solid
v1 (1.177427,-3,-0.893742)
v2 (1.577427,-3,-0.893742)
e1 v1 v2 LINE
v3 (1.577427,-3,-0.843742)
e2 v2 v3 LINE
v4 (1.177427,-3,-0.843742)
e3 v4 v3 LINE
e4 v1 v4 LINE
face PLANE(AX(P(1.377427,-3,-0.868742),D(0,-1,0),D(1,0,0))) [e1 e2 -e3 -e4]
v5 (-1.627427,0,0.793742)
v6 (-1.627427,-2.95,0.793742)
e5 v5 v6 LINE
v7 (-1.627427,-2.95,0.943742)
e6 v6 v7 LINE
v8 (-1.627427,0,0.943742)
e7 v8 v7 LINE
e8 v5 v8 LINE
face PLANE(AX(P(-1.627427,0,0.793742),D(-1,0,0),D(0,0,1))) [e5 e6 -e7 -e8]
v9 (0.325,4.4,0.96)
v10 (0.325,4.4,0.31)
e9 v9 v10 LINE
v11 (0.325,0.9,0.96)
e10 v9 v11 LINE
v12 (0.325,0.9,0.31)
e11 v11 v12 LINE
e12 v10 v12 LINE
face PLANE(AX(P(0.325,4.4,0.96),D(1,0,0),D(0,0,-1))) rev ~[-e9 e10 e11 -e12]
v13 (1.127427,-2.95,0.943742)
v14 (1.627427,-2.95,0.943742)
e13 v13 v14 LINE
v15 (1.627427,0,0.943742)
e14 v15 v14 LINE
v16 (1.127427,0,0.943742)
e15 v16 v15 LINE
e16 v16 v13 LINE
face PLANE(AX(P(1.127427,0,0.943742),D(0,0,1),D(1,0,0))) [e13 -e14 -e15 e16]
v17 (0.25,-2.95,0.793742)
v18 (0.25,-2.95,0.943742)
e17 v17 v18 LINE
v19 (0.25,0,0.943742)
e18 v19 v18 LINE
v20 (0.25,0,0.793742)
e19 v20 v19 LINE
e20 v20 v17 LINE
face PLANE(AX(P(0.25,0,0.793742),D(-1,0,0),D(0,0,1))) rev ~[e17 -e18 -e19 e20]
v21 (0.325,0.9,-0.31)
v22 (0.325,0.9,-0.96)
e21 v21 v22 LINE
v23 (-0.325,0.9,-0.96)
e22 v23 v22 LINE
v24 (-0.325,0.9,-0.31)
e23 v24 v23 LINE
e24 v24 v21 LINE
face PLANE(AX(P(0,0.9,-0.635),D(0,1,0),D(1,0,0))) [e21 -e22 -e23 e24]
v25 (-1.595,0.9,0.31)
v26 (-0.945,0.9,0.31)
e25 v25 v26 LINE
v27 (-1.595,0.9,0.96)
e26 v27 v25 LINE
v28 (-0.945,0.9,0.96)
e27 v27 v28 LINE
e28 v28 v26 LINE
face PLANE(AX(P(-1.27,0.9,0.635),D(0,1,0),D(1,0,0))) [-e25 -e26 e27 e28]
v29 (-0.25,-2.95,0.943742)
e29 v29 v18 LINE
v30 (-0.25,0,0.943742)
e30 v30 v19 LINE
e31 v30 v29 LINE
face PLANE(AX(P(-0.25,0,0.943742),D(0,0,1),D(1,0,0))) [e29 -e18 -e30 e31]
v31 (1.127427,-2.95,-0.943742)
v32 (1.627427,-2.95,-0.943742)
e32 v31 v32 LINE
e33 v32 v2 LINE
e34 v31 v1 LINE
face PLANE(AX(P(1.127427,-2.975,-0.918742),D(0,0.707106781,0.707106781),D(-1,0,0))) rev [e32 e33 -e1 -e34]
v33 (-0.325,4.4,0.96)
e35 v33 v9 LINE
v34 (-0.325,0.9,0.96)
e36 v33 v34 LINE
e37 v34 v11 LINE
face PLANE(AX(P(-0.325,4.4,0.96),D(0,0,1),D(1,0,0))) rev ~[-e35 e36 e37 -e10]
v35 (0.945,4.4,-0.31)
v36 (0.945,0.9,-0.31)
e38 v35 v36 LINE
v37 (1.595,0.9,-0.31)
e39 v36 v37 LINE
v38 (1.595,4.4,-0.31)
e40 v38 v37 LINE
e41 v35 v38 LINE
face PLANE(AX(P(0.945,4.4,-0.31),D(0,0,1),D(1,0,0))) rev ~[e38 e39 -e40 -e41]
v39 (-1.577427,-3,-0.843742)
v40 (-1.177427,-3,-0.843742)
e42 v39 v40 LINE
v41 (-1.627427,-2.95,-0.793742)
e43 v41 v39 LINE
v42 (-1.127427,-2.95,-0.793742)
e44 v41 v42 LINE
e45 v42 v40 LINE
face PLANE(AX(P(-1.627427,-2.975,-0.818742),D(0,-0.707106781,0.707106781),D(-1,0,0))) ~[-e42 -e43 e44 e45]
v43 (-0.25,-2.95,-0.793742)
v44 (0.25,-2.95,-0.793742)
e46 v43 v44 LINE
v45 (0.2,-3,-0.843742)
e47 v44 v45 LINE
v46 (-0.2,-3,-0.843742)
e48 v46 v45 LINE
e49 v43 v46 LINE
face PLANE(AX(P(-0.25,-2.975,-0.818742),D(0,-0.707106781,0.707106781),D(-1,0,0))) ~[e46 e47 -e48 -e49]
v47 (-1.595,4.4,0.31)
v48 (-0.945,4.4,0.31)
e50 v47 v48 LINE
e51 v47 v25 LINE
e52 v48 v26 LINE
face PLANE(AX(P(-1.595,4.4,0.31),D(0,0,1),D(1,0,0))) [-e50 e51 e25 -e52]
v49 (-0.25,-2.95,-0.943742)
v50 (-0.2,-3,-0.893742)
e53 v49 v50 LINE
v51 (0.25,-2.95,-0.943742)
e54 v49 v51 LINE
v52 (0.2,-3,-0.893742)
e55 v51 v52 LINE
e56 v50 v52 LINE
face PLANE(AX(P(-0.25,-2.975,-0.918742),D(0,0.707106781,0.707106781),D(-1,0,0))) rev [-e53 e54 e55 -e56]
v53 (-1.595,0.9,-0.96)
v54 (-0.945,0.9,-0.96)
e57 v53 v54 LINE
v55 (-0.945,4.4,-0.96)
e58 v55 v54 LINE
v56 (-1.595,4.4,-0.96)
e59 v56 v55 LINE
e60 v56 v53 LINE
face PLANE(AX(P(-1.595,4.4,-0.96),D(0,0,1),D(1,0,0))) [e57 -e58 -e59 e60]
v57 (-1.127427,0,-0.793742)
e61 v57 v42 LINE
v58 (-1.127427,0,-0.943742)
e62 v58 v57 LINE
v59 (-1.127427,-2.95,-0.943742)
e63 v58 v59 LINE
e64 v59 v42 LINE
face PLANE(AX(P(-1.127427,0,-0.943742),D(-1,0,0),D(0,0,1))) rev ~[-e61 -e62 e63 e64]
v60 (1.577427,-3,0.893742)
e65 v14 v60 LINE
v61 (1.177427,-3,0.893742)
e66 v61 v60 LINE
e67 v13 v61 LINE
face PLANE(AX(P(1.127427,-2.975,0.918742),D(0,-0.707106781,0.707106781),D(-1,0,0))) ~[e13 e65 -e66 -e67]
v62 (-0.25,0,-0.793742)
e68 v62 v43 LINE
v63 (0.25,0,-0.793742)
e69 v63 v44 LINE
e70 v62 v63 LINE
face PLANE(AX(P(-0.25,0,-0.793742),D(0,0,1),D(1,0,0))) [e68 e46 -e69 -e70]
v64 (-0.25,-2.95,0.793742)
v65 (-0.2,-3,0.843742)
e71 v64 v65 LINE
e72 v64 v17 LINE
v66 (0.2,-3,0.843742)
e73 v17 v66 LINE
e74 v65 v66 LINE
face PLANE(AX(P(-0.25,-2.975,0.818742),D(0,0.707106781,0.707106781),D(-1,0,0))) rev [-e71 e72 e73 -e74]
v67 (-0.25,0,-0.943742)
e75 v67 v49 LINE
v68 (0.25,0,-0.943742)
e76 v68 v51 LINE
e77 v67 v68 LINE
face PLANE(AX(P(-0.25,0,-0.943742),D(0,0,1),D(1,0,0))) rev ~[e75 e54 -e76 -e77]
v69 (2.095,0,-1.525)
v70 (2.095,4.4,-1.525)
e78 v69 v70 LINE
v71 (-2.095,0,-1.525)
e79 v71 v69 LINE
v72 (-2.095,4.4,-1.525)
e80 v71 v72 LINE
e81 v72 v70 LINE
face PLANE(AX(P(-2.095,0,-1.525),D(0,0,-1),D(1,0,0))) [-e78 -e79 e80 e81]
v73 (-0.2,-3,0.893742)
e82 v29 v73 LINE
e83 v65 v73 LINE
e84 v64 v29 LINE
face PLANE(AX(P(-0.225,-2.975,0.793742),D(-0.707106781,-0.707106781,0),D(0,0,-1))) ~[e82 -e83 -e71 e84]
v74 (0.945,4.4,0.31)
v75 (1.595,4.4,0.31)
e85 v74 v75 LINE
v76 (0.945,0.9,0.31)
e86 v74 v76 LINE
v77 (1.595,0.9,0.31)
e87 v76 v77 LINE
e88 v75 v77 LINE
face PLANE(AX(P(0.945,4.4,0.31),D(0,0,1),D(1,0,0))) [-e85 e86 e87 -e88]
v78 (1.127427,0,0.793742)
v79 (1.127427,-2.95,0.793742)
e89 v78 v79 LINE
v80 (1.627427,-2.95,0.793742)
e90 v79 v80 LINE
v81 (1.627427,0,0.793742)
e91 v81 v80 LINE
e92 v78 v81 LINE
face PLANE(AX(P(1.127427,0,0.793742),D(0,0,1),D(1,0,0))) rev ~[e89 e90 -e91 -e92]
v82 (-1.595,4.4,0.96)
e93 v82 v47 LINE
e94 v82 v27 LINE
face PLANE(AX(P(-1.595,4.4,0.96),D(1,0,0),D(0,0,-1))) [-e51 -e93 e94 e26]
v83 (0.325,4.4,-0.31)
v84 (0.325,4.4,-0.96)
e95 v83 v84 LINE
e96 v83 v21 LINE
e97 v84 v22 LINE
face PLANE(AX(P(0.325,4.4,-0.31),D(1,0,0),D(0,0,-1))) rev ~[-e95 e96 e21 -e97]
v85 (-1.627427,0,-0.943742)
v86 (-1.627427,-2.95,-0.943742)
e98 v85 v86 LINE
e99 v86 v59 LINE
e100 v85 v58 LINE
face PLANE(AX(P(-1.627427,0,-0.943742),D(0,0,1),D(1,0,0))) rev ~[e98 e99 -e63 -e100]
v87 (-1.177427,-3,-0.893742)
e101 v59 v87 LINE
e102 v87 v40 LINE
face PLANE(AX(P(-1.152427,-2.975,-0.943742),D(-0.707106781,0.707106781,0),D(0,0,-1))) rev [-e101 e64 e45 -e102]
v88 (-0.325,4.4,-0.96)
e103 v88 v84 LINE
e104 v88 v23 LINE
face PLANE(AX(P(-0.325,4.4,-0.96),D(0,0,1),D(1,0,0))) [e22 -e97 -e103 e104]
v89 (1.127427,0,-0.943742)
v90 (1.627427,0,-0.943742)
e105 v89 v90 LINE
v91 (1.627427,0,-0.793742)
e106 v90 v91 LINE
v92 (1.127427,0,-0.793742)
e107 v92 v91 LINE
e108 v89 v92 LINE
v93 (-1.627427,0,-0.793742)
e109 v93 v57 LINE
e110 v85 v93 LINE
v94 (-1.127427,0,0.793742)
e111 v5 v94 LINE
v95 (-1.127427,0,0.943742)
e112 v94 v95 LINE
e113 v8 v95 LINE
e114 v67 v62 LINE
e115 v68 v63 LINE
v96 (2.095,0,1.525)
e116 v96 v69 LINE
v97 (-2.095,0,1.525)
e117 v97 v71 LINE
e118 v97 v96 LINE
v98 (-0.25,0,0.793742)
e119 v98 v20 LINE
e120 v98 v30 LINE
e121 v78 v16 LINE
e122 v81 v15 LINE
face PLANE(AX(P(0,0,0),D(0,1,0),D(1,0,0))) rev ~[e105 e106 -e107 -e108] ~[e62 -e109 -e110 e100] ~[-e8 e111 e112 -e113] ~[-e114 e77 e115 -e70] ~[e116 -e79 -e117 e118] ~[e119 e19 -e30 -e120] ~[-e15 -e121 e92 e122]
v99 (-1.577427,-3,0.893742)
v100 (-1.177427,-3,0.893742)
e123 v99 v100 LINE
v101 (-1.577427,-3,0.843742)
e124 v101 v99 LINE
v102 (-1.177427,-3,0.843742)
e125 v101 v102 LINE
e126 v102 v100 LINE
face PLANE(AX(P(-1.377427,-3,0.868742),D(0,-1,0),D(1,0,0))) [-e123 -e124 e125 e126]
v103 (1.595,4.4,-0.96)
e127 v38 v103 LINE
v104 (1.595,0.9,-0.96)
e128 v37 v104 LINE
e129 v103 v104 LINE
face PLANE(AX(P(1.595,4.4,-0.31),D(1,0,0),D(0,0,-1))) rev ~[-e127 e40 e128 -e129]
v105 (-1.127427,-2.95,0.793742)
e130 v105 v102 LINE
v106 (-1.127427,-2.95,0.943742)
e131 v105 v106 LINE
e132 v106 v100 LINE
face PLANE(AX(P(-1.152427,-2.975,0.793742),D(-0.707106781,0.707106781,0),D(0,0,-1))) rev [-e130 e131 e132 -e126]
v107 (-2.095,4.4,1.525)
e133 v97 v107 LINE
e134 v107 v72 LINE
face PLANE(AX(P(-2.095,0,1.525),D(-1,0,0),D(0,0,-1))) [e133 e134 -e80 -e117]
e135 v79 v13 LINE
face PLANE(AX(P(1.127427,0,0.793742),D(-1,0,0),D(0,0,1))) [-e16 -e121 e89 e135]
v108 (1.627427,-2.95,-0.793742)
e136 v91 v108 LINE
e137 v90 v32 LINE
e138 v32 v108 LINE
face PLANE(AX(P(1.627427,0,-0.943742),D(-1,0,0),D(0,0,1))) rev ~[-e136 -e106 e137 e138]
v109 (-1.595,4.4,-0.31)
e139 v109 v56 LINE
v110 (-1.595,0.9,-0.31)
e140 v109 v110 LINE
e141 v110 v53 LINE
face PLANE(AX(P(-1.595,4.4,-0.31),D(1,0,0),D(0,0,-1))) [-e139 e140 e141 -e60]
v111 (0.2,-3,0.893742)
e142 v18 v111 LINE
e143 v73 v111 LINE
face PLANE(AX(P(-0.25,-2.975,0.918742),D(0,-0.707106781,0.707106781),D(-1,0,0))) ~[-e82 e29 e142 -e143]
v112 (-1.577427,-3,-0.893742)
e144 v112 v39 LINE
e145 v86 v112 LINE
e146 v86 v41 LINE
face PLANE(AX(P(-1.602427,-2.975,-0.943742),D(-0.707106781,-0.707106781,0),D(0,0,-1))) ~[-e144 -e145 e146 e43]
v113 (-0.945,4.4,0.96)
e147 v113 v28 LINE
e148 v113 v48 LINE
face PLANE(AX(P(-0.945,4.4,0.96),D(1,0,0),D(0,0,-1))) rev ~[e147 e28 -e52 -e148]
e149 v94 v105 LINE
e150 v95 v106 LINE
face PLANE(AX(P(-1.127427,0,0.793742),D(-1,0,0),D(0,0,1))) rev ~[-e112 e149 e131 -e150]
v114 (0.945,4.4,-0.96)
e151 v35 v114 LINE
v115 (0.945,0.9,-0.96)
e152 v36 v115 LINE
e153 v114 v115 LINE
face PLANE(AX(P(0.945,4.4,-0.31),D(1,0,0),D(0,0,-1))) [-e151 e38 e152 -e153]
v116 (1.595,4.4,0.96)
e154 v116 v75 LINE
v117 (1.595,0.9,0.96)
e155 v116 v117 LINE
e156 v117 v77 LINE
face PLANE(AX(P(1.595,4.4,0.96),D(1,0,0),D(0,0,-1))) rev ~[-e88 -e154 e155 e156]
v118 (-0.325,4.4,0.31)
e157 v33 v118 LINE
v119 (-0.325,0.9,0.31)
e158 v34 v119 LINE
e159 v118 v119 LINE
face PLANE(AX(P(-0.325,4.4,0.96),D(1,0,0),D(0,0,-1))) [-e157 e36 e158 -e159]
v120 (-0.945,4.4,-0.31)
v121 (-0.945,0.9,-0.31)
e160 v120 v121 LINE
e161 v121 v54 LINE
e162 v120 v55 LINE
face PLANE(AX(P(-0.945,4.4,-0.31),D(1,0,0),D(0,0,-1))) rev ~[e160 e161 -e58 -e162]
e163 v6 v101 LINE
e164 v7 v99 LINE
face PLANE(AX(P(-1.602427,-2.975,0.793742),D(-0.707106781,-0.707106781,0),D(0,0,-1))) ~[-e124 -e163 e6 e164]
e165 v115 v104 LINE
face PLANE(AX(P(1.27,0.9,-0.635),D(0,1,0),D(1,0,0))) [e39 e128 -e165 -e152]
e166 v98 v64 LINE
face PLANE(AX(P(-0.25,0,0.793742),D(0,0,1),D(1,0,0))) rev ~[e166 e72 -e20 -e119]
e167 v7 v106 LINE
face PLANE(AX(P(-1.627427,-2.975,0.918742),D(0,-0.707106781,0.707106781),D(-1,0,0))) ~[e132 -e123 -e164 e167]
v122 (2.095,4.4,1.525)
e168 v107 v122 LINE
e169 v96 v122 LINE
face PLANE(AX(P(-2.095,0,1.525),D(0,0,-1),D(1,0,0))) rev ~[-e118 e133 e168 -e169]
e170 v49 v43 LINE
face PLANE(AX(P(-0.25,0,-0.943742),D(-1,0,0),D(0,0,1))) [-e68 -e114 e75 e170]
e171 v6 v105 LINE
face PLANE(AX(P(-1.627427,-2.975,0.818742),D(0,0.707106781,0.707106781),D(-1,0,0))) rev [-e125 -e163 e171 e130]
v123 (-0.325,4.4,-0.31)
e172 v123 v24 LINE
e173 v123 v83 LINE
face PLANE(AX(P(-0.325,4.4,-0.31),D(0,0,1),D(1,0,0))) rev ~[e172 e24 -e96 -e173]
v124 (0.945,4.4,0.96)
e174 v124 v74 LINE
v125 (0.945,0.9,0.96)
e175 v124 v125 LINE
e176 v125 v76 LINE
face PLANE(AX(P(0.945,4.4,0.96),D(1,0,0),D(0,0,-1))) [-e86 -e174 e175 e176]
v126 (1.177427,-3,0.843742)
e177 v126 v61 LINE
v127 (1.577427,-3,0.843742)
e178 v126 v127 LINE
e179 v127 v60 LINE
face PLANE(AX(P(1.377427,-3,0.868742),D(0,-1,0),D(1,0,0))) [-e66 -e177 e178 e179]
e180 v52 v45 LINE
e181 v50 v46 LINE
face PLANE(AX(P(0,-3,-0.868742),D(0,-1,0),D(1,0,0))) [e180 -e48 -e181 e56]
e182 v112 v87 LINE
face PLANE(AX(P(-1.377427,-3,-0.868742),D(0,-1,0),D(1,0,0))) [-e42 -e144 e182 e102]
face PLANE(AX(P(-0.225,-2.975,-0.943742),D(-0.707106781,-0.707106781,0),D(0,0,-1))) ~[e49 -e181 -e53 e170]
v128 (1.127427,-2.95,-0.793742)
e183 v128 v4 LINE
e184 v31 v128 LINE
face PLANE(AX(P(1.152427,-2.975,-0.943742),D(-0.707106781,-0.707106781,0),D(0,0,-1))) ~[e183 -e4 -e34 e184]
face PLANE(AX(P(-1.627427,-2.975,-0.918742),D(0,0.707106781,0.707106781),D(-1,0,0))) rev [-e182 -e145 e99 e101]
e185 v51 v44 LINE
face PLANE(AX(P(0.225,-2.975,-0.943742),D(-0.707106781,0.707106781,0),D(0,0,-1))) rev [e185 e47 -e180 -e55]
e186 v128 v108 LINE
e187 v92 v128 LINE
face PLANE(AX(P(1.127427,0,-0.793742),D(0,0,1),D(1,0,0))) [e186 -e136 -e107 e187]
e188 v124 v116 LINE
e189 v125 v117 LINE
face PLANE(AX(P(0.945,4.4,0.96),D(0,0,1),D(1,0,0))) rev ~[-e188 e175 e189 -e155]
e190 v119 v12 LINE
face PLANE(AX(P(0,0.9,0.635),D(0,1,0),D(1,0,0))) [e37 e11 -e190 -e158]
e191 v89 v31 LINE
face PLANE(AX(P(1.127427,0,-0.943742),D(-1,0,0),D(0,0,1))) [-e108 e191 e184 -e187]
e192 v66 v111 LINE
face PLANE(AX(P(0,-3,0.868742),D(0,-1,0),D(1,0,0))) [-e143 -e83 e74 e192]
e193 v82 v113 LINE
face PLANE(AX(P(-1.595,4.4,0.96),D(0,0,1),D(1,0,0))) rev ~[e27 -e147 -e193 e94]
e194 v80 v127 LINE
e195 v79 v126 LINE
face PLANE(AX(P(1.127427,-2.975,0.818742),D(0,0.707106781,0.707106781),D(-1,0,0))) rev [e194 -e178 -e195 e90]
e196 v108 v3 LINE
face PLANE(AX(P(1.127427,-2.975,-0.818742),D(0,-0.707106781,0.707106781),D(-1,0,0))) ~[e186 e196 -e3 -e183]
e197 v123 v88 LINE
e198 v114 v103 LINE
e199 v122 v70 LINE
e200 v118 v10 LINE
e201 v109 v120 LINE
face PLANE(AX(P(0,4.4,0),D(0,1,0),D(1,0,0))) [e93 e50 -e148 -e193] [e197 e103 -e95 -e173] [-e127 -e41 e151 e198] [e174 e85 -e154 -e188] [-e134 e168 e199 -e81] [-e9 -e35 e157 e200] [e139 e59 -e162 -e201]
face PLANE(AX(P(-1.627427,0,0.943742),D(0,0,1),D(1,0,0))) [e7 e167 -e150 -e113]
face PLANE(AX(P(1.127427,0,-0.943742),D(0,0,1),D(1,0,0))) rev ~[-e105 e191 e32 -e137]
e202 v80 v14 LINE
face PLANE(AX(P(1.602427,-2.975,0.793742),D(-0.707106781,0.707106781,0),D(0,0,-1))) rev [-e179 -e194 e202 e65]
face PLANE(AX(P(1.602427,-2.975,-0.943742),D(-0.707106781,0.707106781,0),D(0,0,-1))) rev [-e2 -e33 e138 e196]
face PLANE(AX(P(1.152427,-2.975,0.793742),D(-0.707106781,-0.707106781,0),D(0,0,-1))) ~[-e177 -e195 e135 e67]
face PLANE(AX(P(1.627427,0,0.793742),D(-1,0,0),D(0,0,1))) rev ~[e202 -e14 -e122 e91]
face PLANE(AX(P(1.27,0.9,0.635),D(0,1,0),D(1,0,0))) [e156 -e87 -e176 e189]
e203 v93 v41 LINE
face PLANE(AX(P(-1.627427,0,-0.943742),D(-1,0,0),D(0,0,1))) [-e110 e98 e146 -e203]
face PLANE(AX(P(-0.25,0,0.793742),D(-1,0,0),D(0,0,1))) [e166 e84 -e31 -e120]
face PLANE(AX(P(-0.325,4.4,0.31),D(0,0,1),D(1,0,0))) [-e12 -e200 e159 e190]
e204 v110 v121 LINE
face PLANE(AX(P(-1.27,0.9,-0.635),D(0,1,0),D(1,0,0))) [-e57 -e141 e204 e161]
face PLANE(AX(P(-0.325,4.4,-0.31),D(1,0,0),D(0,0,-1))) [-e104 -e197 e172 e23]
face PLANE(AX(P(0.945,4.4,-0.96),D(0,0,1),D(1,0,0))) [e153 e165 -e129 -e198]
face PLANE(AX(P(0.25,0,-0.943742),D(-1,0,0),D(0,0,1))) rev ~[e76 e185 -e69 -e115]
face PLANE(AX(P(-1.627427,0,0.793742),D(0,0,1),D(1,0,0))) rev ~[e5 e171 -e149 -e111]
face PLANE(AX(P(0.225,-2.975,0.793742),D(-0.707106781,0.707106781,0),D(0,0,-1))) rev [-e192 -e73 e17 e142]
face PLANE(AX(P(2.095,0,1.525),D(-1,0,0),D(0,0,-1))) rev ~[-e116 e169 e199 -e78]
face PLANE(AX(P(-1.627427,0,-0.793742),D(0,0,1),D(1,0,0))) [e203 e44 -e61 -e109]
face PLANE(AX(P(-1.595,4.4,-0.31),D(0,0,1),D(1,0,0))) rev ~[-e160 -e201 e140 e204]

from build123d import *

# Parameters (mm, degrees)
ESQUISSE2_W             = 4.19
ESQUISSE2_H             = 3.05
BOSS_EXTRU_1_DEPTH      = 4.4
ESQUISSE4_W             = 0.65
ESQUISSE4_H             = 0.65
ENL_V_MAT_EXTRU_1_DEPTH = 3.5
ESQUISSE5_W             = 0.5
ESQUISSE5_H             = 0.15
BOSS_EXTRU_2_DEPTH      = 3
CHANFREIN1_SIZE         = 0.05


with BuildPart() as part:
    # Esquisse2 → Boss.-Extru.1 (new body)
    with BuildSketch(Plane(origin=(0, 0, 0), x_dir=(1, 0, 0), z_dir=(0, 1, 0))):
        Rectangle(ESQUISSE2_W, ESQUISSE2_H)
    extrude(amount=BOSS_EXTRU_1_DEPTH)

    # Esquisse4 → Enlèv. mat.-Extru.1 (cut)
    with BuildSketch(Plane(origin=(0, 4.4, 0), x_dir=(1, 0, 0), z_dir=(0, 1, 0))):
        with Locations((-1.27, 0.635)):
            Rectangle(ESQUISSE4_W, ESQUISSE4_H)
        with Locations((0, 0.635)):
            Rectangle(ESQUISSE4_W, ESQUISSE4_H)
        with Locations((1.27, 0.635)):
            Rectangle(ESQUISSE4_W, ESQUISSE4_H)
        with Locations((-1.27, -0.635)):
            Rectangle(ESQUISSE4_W, ESQUISSE4_H)
        with Locations((0, -0.635)):
            Rectangle(ESQUISSE4_W, ESQUISSE4_H)
        with Locations((1.27, -0.635)):
            Rectangle(ESQUISSE4_W, ESQUISSE4_H)
    extrude(amount=-ENL_V_MAT_EXTRU_1_DEPTH, mode=Mode.SUBTRACT)

    # Esquisse5 → Boss.-Extru.2 (add)
    with BuildSketch(Plane.XZ):
        with Locations((-1.377426973, 0.868741936)):
            Rectangle(ESQUISSE5_W, ESQUISSE5_H)
        with Locations((0, 0.868741936)):
            Rectangle(ESQUISSE5_W, ESQUISSE5_H)
        with Locations((1.377426973, 0.868741936)):
            Rectangle(ESQUISSE5_W, ESQUISSE5_H)
        with Locations((-1.377426973, -0.868741936)):
            Rectangle(ESQUISSE5_W, ESQUISSE5_H)
        with Locations((0, -0.868741936)):
            Rectangle(ESQUISSE5_W, ESQUISSE5_H)
        with Locations((1.377426973, -0.868741936)):
            Rectangle(ESQUISSE5_W, ESQUISSE5_H)
    extrude(amount=BOSS_EXTRU_2_DEPTH)

    # Chanfrein1
    chanfrein1_edges = [part.edges().sort_by_distance(p)[0] for p in [
        (0.25, -3, 0.868741936),
        (0, -3, 0.943741936),
        (-0.25, -3, 0.868741936),
        (0, -3, 0.793741936),
        (1.627426973, -3, 0.868741936),
        (1.377426973, -3, 0.943741936),
        (1.127426973, -3, 0.868741936),
        (1.377426973, -3, 0.793741936),
        (-1.127426973, -3, -0.868741936),
        (-1.377426973, -3, -0.793741936),
        (-1.627426973, -3, -0.868741936),
        (-1.377426973, -3, -0.943741936),
        (0.25, -3, -0.868741936),
        (0, -3, -0.793741936),
        (-0.25, -3, -0.868741936),
        (0, -3, -0.943741936),
        (1.627426973, -3, -0.868741936),
        (1.377426973, -3, -0.793741936),
        (1.127426973, -3, -0.868741936),
        (1.377426973, -3, -0.943741936),
        (-1.127426973, -3, 0.868741936),
        (-1.377426973, -3, 0.943741936),
        (-1.627426973, -3, 0.868741936),
        (-1.377426973, -3, 0.793741936),
    ]]
    chamfer(chanfrein1_edges, length=CHANFREIN1_SIZE)


solid = part.part
